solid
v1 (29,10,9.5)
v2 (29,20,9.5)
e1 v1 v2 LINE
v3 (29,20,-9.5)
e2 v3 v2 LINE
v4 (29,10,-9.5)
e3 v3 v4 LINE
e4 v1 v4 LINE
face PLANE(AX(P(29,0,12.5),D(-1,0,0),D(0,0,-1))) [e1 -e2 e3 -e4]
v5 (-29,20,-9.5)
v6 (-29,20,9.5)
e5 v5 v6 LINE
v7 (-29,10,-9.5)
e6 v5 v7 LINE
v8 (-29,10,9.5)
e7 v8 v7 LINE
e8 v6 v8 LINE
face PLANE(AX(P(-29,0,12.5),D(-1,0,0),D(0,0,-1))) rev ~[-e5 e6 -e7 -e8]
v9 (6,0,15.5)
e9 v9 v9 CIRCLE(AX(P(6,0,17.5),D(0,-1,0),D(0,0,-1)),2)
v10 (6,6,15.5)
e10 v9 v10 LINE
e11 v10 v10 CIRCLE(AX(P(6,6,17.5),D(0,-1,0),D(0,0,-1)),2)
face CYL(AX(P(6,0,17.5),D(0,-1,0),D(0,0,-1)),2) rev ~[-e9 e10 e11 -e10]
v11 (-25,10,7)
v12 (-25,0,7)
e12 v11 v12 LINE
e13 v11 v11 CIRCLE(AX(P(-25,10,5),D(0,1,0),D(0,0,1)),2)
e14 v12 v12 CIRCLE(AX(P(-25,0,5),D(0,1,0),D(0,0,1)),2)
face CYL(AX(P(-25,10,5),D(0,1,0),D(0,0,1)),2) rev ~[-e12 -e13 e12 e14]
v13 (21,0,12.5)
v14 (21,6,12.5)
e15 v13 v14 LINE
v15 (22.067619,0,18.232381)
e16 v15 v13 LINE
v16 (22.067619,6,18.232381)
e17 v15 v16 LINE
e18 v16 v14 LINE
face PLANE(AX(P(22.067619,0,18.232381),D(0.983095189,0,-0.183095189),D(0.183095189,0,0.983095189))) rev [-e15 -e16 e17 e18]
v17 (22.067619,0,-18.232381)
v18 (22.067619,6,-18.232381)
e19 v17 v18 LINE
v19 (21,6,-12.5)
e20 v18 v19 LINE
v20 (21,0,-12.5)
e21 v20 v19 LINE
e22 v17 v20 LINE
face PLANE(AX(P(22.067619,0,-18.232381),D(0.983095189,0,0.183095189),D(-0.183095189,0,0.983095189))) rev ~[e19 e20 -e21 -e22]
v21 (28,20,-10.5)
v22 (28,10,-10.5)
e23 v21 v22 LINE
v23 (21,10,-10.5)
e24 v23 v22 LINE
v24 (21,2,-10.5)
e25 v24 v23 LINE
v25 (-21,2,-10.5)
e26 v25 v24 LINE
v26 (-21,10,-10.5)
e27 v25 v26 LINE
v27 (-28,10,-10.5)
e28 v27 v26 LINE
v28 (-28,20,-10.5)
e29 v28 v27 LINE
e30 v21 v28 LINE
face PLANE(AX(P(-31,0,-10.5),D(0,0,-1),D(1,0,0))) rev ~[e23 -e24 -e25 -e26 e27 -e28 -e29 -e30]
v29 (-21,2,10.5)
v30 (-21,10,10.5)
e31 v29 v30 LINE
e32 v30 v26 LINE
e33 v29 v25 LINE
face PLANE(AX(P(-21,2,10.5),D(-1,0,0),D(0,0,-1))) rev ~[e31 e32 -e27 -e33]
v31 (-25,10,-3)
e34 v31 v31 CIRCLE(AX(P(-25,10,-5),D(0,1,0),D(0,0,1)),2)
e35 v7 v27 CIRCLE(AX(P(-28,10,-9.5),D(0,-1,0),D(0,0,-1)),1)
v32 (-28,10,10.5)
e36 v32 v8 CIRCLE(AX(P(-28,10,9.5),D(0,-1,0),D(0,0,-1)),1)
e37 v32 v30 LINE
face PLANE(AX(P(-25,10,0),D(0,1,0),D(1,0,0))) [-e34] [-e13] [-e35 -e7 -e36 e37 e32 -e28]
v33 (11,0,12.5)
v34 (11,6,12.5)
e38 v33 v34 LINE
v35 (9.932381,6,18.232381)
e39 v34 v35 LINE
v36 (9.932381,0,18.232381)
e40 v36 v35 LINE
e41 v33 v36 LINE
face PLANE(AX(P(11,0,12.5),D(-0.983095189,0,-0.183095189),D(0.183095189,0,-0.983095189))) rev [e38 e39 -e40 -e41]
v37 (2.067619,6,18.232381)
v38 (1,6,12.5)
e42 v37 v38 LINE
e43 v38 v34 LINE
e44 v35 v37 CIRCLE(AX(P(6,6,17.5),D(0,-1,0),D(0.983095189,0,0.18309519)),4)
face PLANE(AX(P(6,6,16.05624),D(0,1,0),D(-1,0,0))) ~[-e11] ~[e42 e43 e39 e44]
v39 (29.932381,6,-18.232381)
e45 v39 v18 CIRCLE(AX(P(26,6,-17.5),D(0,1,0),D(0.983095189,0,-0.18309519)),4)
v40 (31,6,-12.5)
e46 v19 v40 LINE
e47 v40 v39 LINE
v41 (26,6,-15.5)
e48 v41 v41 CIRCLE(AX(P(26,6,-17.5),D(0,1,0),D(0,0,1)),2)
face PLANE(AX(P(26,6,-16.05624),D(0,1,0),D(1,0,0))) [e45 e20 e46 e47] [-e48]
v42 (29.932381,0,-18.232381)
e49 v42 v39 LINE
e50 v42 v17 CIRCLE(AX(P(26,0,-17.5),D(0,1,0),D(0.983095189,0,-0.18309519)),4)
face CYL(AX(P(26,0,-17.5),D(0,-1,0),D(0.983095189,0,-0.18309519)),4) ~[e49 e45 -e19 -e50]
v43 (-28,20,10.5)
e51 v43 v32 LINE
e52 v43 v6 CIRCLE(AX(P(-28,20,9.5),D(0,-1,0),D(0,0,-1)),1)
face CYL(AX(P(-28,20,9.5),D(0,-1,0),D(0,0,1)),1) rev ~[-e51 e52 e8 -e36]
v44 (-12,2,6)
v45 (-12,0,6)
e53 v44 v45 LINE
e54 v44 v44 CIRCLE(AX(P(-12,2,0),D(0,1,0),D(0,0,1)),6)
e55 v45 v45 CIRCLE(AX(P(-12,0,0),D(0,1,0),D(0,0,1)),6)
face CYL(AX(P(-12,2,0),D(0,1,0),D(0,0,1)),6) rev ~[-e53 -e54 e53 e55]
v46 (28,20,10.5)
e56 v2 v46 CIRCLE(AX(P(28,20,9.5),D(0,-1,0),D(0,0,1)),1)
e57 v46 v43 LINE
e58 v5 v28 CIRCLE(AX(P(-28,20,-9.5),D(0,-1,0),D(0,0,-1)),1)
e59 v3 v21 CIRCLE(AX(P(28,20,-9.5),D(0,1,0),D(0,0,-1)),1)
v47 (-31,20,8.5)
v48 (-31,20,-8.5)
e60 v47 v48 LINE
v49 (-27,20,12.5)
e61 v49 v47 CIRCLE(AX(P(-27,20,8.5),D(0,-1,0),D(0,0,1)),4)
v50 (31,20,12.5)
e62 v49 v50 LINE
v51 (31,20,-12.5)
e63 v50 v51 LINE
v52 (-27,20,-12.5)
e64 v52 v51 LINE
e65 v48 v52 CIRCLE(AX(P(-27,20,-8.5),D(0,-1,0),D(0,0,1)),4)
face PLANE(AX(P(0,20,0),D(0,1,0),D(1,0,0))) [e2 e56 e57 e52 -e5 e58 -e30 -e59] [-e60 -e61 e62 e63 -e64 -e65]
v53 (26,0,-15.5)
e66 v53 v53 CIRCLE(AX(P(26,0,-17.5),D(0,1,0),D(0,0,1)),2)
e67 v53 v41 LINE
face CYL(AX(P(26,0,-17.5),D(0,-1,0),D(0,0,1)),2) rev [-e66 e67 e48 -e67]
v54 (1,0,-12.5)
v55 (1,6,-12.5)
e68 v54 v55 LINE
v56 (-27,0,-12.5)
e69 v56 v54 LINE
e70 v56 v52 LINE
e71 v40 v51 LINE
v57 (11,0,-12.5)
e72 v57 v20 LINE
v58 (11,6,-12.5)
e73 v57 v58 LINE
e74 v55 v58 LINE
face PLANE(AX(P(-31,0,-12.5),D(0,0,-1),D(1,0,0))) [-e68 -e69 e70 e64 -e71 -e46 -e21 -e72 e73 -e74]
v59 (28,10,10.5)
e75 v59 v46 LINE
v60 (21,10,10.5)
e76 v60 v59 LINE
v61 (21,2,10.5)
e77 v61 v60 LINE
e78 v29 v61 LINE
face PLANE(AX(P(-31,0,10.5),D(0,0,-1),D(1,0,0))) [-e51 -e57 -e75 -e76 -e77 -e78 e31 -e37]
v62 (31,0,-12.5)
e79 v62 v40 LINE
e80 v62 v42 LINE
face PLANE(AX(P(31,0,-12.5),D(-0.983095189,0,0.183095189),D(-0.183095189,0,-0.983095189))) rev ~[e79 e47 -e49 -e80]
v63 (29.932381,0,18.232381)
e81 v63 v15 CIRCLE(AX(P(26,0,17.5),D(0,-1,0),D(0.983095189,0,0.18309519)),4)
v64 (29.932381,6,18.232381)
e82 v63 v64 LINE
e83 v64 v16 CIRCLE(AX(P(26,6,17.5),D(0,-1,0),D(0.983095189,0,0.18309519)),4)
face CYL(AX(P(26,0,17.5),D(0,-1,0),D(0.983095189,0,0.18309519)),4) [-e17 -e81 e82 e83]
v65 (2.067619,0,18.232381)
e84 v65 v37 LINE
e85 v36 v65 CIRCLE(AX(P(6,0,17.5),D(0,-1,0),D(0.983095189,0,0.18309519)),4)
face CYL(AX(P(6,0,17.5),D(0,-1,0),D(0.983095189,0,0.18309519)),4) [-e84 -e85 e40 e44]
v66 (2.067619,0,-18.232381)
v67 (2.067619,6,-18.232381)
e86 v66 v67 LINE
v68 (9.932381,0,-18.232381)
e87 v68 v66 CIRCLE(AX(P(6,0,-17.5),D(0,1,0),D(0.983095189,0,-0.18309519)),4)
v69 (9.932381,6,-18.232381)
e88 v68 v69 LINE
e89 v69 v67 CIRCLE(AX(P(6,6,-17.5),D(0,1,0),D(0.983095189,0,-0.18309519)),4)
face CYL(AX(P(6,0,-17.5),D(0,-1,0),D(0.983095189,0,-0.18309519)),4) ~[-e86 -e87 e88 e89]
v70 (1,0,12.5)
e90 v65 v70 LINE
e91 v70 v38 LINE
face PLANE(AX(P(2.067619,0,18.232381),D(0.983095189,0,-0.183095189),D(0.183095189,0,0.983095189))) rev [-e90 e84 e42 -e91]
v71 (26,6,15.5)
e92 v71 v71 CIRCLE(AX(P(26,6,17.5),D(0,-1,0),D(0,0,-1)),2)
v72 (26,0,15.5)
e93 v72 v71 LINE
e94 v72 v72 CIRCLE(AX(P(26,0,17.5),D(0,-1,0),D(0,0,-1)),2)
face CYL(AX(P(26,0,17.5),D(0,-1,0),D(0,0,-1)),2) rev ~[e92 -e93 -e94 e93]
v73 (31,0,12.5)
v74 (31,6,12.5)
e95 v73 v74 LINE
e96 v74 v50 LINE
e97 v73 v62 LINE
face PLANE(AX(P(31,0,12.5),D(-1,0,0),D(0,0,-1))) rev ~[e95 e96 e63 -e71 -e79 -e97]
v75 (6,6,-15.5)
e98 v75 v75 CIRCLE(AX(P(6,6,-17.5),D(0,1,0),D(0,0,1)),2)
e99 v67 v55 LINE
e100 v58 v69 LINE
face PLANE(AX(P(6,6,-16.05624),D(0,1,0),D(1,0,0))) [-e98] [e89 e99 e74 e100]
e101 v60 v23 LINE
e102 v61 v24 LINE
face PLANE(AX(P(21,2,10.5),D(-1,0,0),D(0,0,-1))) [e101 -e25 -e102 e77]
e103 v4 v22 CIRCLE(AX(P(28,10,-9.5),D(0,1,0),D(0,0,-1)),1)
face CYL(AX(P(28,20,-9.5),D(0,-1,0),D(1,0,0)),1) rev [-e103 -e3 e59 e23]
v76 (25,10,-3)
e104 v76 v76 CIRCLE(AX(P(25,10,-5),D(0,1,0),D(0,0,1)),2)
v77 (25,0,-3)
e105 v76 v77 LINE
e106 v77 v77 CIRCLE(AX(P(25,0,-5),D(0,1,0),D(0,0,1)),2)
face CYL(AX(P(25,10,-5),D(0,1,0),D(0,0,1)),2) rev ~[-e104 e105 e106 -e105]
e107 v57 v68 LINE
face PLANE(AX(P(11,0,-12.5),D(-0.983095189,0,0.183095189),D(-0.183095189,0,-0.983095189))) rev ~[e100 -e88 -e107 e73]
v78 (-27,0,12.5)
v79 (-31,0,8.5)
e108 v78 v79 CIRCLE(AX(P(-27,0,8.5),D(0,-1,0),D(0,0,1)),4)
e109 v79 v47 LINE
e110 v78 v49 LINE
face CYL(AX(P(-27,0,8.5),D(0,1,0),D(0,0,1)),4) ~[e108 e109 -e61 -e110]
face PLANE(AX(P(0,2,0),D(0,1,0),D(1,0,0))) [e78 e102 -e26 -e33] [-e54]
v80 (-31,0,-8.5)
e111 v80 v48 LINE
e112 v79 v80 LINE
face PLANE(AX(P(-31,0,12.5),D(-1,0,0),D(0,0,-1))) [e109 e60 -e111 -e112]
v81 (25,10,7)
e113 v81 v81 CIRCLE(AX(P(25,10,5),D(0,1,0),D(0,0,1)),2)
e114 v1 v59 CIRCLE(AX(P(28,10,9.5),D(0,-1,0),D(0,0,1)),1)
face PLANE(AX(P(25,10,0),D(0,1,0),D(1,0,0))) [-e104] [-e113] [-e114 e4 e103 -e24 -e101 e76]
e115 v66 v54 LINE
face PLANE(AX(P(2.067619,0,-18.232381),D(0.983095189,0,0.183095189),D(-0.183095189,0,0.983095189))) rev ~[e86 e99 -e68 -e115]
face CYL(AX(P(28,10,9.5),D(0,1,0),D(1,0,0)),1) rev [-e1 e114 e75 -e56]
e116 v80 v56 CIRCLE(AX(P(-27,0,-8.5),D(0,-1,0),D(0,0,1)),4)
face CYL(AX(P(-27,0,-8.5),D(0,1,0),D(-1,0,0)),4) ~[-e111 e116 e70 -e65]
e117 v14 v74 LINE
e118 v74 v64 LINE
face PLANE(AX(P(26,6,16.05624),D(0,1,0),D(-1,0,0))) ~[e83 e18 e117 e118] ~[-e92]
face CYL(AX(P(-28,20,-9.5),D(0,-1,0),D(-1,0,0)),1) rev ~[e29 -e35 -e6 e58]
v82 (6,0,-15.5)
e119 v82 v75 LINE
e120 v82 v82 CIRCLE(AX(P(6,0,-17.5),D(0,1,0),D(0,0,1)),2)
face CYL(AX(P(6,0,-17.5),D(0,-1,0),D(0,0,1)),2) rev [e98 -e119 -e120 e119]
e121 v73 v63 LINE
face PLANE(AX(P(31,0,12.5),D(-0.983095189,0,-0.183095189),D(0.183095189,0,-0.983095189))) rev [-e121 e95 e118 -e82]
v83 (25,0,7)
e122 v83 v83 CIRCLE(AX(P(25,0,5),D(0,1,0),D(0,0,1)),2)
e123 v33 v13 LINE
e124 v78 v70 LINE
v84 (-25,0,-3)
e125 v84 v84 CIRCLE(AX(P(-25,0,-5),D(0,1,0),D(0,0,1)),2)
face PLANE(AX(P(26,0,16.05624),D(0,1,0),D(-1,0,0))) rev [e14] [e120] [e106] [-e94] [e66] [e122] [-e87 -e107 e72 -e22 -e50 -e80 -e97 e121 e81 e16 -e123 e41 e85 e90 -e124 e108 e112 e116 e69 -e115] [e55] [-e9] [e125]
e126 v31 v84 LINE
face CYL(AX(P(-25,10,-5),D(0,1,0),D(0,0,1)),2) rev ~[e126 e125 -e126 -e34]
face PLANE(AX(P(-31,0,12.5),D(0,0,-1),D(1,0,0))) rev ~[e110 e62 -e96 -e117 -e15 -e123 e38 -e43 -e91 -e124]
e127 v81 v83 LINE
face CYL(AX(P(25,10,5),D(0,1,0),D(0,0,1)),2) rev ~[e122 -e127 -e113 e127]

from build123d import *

# Parameters (mm, degrees)
SKETCH_1_W          = 62
SKETCH_1_H          = 25
EXTRUDE_1_DEPTH     = 20
SHELL_1_T           = -2
SKETCH_2_W          = 8
SKETCH_2_H          = 21
EXTRUDE_2_DEPTH     = 8
SKETCH_3_R          = 2
CUT_EXTRUDE_1_DEPTH = 35.889110049
SKETCH_4_R          = 6
CUT_EXTRUDE_2_DEPTH = 38.963798545
SKETCH_5_R          = 2
EXTRUDE_3_DEPTH     = 6
FILLET_1_R          = 4
FILLET_2_R          = 1


with BuildPart() as part:
    # 草图1 → 凸台-拉伸1 (new body)
    with BuildSketch(Plane(origin=(0, 0, 0), x_dir=(1, 0, 0), z_dir=(0, 1, 0))):
        Rectangle(SKETCH_1_W, SKETCH_1_H)
    extrude(amount=EXTRUDE_1_DEPTH)

    # 抽壳1
    shell_1_openings = [part.faces().sort_by_distance(p)[0] for p in [
        (0, 20, 0),
    ]]
    offset(amount=SHELL_1_T, openings=shell_1_openings, kind=Kind.INTERSECTION)

    # 草图2 → 凸台-拉伸2 (add)
    with BuildSketch(Plane(origin=(0, 2, 0), x_dir=(1, 0, 0), z_dir=(0, 1, 0))):
        with Locations((-25, 0)):
            Rectangle(SKETCH_2_W, SKETCH_2_H)
        with Locations((25, 0)):
            Rectangle(SKETCH_2_W, SKETCH_2_H)
    extrude(amount=EXTRUDE_2_DEPTH)

    # 草图3 → 切除-拉伸1 (cut, through all)
    with BuildSketch(Plane(origin=(0, 10, 0), x_dir=(1, 0, 0), z_dir=(0, 1, 0))):
        with Locations(Location((-25, 5, 0), (0, 0, 270))):
            Circle(SKETCH_3_R)
        with Locations(Location((-25, -5, 0), (0, 0, 270))):
            Circle(SKETCH_3_R)
        with Locations(Location((25, 5, 0), (0, 0, 270))):
            Circle(SKETCH_3_R)
        with Locations(Location((25, -5, 0), (0, 0, 270))):
            Circle(SKETCH_3_R)
    extrude(amount=-CUT_EXTRUDE_1_DEPTH, mode=Mode.SUBTRACT)

    # 草图4 → 切除-拉伸2 (cut, through all)
    with BuildSketch(Plane(origin=(0, 2, 0), x_dir=(1, 0, 0), z_dir=(0, 1, 0))):
        with Locations(Location((-12, 0, 0), (0, 0, 270))):
            Circle(SKETCH_4_R)
    extrude(amount=-CUT_EXTRUDE_2_DEPTH, mode=Mode.SUBTRACT)

    # 草图5 → 凸台-拉伸3 (add)
    # profile 1 of 2: a face of its own
    with BuildSketch(Plane(origin=(0, 0, 0), x_dir=(1, 0, 0), z_dir=(0, 1, 0))):
        with BuildLine():
            Line((22.067619242, 18.232380758), (21, 12.5))
            Line((21, 12.5), (31, 12.5))
            Line((31, 12.5), (29.932380758, 18.232380758))
            ThreePointArc((29.932380758, 18.232380758), (26, 21.5), (22.067619242, 18.232380758))
        make_face()
        with Locations(Location((26, 17.5, 0), (0, 0, 270))):
            Circle(SKETCH_5_R, mode=Mode.SUBTRACT)
    # profile 2 of 2: a face of its own
    with BuildSketch(Plane(origin=(0, 0, 0), x_dir=(1, 0, 0), z_dir=(0, 1, 0))):
        with BuildLine():
            Line((2.067619242, 18.232380758), (1, 12.5))
            Line((1, 12.5), (11, 12.5))
            Line((11, 12.5), (9.932380758, 18.232380758))
            ThreePointArc((9.932380758, 18.232380758), (6, 21.5), (2.067619242, 18.232380758))
        make_face()
        with Locations(Location((6, 17.5, 0), (0, 0, 270))):
            Circle(SKETCH_5_R, mode=Mode.SUBTRACT)
    extrude_3 = extrude(amount=EXTRUDE_3_DEPTH)

    # 镜向1: 凸台-拉伸3 across plane
    add(extrude_3.mirror(Plane.XY))

    # 圆角1
    fillet_1_edges = [part.edges().sort_by_distance(p)[0] for p in [
        (-31, 10, 12.5),
        (-31, 10, -12.5),
    ]]
    fillet(fillet_1_edges, radius=FILLET_1_R)

    # 圆角2
    fillet_2_edges = [part.edges().sort_by_distance(p)[0] for p in [
        (29, 15, 10.5),
        (29, 15, -10.5),
        (-29, 15, -10.5),
        (-29, 15, 10.5),
    ]]
    fillet(fillet_2_edges, radius=FILLET_2_R)


solid = part.part
